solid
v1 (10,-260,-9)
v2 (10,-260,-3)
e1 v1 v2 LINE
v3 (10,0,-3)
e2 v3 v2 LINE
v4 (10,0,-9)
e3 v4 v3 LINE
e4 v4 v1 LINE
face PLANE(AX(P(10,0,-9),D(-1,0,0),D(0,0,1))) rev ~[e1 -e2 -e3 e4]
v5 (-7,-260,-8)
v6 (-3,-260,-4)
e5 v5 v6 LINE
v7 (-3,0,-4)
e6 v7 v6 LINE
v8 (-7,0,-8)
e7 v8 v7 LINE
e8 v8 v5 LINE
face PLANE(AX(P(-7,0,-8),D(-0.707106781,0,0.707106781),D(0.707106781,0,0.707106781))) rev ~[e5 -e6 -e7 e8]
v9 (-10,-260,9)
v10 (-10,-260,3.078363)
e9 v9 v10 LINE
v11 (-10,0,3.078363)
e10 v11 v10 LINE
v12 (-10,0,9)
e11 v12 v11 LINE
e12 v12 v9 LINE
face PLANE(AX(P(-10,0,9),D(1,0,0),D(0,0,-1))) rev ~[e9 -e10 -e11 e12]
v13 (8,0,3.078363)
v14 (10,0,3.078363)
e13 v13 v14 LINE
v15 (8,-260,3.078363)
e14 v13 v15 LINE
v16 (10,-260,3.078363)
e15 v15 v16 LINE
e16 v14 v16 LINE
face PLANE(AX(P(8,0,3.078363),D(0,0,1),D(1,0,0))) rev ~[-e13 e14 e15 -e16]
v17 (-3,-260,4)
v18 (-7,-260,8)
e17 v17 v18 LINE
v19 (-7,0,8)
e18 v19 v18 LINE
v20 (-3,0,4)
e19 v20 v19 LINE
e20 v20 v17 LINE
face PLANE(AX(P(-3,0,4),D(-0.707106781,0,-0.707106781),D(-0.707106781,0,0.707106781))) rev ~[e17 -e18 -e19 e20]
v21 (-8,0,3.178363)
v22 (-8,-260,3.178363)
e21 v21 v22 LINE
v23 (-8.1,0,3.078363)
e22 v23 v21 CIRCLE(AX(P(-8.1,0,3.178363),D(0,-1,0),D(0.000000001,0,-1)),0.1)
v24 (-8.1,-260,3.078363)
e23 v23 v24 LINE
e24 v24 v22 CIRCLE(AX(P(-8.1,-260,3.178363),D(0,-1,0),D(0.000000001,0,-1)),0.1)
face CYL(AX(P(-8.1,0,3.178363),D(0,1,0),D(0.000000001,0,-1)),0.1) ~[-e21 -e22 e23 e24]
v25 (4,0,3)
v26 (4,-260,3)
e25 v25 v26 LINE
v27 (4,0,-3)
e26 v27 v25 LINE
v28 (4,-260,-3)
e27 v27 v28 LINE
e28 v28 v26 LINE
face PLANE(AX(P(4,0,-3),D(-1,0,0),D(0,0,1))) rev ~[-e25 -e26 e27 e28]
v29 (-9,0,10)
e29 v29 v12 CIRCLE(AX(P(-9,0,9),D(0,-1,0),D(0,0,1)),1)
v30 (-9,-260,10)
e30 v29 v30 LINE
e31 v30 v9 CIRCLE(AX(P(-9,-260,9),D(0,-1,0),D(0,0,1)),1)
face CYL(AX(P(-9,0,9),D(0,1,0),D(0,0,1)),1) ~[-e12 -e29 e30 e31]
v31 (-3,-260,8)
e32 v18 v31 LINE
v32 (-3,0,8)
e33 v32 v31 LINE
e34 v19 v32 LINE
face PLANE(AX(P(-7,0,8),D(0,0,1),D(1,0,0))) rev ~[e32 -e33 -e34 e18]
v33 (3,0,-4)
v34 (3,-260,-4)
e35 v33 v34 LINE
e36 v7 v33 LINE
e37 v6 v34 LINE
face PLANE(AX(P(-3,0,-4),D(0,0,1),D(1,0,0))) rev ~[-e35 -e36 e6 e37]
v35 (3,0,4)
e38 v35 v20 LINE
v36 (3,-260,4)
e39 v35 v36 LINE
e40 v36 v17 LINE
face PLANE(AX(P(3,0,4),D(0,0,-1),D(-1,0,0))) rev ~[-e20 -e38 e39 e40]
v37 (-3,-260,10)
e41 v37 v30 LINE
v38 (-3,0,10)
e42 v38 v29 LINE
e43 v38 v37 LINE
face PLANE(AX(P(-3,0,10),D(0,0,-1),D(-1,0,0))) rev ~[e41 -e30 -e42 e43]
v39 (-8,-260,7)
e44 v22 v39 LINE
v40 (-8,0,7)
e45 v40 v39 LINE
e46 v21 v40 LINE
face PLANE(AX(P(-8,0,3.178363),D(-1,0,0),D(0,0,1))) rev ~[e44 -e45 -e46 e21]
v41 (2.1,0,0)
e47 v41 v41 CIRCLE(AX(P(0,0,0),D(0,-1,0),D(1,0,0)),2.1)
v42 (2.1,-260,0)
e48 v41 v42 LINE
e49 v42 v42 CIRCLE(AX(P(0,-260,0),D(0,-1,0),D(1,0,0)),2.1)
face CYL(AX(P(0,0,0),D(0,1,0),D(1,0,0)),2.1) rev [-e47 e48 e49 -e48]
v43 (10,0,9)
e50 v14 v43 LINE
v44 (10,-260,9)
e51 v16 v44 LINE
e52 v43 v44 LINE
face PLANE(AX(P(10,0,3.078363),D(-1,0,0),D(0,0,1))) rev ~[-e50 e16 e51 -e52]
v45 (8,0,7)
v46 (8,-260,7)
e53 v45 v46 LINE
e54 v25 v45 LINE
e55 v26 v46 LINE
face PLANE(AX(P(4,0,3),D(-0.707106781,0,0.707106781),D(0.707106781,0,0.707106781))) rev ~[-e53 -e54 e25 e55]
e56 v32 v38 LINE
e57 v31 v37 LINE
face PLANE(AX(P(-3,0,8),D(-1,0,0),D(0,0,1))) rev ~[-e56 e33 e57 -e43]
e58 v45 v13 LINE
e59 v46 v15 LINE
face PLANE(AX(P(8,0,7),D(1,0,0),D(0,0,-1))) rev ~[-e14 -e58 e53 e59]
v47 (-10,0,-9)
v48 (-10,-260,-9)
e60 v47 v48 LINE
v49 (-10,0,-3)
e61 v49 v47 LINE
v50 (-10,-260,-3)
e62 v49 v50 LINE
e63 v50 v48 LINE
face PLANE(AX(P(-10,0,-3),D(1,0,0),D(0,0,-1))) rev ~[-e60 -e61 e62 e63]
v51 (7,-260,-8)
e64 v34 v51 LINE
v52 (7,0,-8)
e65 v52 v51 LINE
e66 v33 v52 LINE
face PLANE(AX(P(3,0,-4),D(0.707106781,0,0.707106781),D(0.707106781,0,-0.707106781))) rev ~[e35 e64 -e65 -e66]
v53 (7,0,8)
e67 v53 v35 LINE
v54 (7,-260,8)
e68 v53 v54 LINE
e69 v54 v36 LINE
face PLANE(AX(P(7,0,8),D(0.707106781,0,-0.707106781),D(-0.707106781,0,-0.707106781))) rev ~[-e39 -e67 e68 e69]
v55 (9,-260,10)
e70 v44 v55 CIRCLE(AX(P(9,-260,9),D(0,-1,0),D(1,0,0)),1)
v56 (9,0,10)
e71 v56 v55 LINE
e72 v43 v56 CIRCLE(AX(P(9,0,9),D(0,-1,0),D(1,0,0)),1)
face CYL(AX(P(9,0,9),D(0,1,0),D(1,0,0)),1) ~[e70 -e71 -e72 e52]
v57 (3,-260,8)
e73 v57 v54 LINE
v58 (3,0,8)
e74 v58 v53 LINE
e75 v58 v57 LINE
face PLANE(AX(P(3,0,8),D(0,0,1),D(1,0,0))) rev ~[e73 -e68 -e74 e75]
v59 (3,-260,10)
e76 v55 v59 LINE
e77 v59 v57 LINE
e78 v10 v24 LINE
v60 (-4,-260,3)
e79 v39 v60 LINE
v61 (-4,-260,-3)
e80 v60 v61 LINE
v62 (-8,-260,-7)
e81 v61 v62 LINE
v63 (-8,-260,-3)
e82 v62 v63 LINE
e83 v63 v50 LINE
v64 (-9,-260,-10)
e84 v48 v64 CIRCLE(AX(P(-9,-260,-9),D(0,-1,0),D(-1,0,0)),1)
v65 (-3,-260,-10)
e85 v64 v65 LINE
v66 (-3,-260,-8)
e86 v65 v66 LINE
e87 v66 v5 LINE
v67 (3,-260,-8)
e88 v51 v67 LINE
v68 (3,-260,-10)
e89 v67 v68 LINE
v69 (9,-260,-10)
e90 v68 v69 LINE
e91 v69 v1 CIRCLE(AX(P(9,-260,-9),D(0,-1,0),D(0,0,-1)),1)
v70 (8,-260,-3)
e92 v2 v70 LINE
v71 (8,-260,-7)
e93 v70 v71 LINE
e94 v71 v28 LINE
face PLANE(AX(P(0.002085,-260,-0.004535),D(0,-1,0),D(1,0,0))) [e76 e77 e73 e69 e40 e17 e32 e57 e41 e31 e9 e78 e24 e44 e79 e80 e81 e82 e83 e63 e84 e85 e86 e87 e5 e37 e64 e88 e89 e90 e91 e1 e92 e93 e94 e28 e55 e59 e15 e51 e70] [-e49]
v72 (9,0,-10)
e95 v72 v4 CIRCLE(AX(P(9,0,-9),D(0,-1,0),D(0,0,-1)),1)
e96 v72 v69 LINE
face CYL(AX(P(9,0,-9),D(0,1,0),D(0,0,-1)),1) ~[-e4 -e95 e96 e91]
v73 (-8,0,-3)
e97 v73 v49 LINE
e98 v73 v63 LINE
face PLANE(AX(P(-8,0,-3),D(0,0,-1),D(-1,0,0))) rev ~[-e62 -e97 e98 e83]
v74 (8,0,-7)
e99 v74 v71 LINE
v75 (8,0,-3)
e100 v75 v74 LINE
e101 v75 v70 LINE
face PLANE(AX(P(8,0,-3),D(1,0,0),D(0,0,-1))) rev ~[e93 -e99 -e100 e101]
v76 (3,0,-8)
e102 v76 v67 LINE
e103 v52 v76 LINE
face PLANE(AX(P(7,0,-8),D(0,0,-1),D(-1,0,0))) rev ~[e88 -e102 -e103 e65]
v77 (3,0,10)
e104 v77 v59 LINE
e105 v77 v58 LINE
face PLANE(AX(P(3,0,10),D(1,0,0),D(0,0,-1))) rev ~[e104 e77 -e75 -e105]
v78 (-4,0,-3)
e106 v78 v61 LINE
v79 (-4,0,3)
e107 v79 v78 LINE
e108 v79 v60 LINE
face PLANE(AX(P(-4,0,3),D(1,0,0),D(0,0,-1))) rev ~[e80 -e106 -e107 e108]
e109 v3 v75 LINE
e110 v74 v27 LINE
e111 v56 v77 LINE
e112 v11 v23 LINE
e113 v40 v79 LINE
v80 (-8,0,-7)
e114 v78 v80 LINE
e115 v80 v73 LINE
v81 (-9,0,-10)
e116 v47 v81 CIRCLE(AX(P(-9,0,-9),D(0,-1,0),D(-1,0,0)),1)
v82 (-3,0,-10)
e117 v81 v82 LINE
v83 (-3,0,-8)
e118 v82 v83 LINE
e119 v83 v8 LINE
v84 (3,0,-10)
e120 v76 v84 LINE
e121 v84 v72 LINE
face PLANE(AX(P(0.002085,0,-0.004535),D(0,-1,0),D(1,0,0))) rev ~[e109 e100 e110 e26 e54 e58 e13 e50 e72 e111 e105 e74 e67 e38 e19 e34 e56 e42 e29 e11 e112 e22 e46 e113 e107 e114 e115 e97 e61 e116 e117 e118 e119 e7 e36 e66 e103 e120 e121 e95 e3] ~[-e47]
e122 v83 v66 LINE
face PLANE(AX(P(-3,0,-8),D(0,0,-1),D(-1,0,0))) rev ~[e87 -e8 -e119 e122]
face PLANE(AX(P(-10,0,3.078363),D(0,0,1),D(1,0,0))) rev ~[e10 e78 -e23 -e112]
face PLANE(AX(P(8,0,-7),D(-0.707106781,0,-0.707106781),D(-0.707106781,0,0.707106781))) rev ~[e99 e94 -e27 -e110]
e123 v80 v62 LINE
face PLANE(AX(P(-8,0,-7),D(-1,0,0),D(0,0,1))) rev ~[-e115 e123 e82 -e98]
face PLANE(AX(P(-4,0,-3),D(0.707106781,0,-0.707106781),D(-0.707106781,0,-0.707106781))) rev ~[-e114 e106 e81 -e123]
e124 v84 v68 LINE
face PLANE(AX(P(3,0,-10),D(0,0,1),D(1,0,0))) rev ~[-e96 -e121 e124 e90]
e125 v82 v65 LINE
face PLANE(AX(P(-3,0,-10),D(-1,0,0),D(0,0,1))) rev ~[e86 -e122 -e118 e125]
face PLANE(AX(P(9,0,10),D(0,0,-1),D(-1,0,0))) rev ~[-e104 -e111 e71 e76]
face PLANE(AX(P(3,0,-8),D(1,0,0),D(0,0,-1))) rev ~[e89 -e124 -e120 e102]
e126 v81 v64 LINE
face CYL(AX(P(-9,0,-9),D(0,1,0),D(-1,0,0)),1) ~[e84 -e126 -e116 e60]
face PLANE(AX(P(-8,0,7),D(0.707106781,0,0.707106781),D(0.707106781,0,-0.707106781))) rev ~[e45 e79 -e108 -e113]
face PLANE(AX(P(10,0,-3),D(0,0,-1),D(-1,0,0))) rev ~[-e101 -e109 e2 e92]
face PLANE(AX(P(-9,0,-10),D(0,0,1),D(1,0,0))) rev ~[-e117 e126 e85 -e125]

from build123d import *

# Parameters (mm, degrees)
F0_R     = 2.1
F2_DEPTH = 260


with BuildPart() as f2:
    # F0 (on Front) → F2 (new body)
    with BuildSketch(Plane.XZ):
        with BuildLine():
            ThreePointArc((-10, -9), (-9.7071067812, -9.7071067812), (-9, -10))
            Line((-9, -10), (-3, -10))
            Line((-3, -10), (-3, -8))
            Line((-3, -8), (-7, -8))
            Line((-7, -8), (-3, -4))
            Line((-3, -4), (3, -4))
            Line((3, -4), (7, -8))
            Line((7, -8), (3, -8))
            Line((3, -8), (3, -10))
            Line((3, -10), (9, -10))
            ThreePointArc((9, -10), (9.7071067812, -9.7071067812), (10, -9))
            Line((10, -9), (10, -3))
            Line((10, -3), (8, -3))
            Line((8, -3), (8, -7))
            Line((8, -7), (4, -3))
            Line((4, -3), (4, 3))
            Line((4, 3), (8, 7))
            Line((8, 7), (8, 3.0783633339))
            Line((8, 3.0783633339), (10, 3.0783633339))
            Line((10, 3.0783633339), (10, 9))
            ThreePointArc((10, 9), (9.7071067812, 9.7071067812), (9, 10))
            Line((9, 10), (3, 10))
            Line((3, 10), (3, 8))
            Line((3, 8), (7, 8))
            Line((7, 8), (3, 4))
            Line((3, 4), (-3, 4))
            Line((-3, 4), (-7, 8))
            Line((-7, 8), (-3, 8))
            Line((-3, 8), (-3, 10))
            Line((-3, 10), (-9, 10))
            ThreePointArc((-9, 10), (-9.7071067812, 9.7071067812), (-10, 9))
            Line((-10, 9), (-10, 3.0783633339))
            Line((-10, 3.0783633339), (-8.1, 3.0783633339))
            ThreePointArc((-8.1, 3.0783633339), (-8.0292893219, 3.1076526558), (-8, 3.1783633339))
            Line((-8, 3.1783633339), (-8, 7))
            Line((-8, 7), (-4, 3))
            Line((-4, 3), (-4, -3))
            Line((-4, -3), (-8, -7))
            Line((-8, -7), (-8, -3))
            Line((-8, -3), (-10, -3))
            Line((-10, -3), (-10, -9))
        make_face()
        Circle(F0_R, mode=Mode.SUBTRACT)
    extrude(amount=F2_DEPTH)


solid = f2.part
